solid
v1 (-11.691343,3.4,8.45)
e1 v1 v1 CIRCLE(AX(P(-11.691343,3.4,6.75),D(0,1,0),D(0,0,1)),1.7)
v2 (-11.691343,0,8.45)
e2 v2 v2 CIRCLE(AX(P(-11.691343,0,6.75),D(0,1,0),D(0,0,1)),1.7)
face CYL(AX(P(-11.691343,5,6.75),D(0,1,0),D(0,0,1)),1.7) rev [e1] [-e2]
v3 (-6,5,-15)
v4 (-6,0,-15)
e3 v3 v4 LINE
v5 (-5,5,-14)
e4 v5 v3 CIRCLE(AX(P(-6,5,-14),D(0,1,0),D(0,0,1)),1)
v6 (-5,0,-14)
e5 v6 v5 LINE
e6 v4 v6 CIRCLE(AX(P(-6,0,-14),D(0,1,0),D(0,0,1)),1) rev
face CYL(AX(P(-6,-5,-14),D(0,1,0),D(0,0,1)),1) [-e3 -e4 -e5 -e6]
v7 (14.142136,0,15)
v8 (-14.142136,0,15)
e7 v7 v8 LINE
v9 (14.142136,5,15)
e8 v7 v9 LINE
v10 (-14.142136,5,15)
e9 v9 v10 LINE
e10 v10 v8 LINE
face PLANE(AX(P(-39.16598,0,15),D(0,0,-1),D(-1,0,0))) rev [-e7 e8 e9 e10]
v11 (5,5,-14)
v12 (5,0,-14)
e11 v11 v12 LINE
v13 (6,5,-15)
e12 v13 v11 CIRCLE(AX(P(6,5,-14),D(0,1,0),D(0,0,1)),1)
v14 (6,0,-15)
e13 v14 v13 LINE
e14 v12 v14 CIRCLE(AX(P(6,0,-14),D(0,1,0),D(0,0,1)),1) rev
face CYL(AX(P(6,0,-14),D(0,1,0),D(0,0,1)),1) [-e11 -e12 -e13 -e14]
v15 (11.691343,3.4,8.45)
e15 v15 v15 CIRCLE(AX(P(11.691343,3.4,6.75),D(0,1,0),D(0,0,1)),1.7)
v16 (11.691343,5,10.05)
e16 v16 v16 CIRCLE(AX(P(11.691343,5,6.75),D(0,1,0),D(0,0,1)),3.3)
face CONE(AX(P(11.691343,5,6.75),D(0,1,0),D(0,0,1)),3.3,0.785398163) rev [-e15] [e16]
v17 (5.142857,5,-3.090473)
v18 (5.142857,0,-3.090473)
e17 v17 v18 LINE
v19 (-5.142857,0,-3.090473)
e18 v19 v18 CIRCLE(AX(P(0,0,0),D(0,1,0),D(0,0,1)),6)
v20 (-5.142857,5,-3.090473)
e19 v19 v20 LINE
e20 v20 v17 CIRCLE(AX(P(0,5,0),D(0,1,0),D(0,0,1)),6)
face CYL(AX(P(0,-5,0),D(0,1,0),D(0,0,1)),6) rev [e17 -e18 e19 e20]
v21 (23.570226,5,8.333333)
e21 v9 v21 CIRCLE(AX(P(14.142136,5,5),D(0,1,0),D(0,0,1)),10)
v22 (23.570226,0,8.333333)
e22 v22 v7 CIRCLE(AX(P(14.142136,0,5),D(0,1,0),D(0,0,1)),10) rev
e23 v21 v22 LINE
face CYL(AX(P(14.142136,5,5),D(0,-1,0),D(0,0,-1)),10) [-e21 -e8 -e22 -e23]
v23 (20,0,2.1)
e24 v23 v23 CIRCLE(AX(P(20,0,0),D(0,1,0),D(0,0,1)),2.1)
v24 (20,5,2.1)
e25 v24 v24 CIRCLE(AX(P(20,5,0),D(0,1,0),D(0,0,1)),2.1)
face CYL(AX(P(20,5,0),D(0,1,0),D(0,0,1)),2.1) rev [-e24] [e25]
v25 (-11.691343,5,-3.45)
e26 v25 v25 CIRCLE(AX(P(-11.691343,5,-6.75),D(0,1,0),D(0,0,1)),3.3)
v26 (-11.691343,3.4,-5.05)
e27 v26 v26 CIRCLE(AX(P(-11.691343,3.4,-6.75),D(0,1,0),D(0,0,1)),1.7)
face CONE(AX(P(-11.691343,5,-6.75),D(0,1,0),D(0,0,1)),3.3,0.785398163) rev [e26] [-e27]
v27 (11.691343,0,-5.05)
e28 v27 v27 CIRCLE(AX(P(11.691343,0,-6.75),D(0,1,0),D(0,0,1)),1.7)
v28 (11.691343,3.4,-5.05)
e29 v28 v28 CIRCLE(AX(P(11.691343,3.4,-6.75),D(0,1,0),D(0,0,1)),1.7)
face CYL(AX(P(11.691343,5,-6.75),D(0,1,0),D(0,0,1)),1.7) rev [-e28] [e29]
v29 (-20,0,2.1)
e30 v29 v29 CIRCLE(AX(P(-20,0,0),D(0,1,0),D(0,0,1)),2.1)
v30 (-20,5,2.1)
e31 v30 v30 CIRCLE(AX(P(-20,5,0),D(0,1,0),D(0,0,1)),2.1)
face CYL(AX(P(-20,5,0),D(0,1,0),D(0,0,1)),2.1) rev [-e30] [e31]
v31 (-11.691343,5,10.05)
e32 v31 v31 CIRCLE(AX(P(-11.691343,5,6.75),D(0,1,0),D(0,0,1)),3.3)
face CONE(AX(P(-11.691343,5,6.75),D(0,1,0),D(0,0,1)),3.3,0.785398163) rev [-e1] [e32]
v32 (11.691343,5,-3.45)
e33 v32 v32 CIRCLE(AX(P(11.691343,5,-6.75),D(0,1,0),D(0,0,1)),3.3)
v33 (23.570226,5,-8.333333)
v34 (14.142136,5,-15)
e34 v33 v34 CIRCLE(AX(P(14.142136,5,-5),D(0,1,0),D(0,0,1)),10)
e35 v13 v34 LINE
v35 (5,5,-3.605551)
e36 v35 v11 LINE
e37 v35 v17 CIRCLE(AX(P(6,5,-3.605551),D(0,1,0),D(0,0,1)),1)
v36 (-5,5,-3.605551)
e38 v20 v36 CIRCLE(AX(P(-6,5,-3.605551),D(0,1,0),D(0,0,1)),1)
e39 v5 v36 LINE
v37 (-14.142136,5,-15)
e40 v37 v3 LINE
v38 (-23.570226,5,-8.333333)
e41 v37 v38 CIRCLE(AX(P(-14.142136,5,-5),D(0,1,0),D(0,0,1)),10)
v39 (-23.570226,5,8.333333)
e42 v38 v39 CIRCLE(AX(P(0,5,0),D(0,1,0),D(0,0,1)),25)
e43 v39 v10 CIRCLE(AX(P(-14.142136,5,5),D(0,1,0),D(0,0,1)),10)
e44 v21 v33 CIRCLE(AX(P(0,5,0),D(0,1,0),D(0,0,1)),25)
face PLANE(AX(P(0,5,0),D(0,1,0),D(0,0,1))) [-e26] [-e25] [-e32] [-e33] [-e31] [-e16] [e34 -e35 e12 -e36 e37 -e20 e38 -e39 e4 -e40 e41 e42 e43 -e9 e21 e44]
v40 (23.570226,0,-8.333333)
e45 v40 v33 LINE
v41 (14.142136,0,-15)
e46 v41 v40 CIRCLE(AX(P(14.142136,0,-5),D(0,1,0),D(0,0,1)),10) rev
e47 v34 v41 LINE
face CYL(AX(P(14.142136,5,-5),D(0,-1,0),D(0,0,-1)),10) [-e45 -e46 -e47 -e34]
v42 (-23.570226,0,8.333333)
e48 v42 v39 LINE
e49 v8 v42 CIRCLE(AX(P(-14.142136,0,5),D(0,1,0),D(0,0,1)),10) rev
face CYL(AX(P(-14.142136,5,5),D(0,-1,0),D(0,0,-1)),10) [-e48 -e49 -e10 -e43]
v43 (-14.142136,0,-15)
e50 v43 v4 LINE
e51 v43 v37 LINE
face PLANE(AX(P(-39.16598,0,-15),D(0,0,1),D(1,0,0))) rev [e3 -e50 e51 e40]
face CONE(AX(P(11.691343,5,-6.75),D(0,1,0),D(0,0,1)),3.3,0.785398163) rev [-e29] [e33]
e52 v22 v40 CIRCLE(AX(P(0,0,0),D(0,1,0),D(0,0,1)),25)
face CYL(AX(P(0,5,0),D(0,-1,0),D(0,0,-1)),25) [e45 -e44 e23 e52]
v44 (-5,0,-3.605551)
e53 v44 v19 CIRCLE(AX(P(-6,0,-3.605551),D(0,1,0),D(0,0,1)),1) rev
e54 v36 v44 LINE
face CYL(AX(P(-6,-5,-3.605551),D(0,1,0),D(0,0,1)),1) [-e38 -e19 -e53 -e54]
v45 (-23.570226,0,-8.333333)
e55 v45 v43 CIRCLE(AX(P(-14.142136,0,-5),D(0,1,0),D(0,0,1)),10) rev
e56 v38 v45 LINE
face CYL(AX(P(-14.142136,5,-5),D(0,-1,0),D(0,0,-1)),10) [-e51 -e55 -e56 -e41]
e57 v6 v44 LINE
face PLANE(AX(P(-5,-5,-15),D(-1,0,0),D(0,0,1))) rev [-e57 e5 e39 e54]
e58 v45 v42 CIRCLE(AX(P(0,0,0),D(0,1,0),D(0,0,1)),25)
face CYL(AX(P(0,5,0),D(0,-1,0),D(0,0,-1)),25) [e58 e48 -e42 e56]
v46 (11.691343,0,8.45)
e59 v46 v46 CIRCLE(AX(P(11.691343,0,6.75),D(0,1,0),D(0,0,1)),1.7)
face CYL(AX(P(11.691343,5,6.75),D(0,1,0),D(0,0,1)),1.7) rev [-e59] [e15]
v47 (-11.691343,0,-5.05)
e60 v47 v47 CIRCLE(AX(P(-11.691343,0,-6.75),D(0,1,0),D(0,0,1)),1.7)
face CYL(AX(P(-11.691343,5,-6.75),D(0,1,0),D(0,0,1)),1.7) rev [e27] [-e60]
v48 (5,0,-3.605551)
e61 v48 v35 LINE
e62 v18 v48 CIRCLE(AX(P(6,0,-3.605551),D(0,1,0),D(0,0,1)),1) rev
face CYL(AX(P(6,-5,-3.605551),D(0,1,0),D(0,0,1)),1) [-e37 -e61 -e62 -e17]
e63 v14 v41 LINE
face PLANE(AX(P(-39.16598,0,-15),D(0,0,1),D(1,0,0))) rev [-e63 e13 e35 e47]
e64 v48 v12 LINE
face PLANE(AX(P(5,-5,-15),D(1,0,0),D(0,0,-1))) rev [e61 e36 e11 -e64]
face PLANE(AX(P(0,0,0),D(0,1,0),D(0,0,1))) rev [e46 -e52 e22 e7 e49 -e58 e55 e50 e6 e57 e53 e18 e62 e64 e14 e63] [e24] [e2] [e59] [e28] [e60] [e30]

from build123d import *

# Parameters (mm, degrees)
SKETCH_1_R                   = 25
EXTRUDE_1_DEPTH              = 5
SKETCH_2_R                   = 1
CUT_EXTRUDE_1_DEPTH          = 4
HOLE_WIZARD_M3_1_D           = 3.4
HOLE_WIZARD_M3_1_DEPTH       = 7.5
HOLE_WIZARD_M3_1_CSINK_D     = 6.6
HOLE_WIZARD_M3_1_CSINK_ANGLE = 90
HOLE_WIZARD_M3_1_TIP         = 1.021463052
SKETCH_4_R                   = 2
CUT_EXTRUDE_2_DEPTH          = 4
HOLE_WIZARD_M5_1_D           = 4.2
HOLE_WIZARD_M5_1_DEPTH       = 12.4
HOLE_WIZARD_M5_1_TIP         = 1.2618073
SKETCH_7_W                   = 78.33195998
SKETCH_7_H                   = 10
CUT_EXTRUDE_3_DEPTH          = 6
FILLET_1_R                   = 10
SKETCH_9_R                   = 6
CUT_EXTRUDE_5_DEPTH          = 10
SKETCH_10_W                  = 10
SKETCH_10_H                  = 11.68337521
CUT_EXTRUDE_6_DEPTH          = 10
FILLET_2_R                   = 1


with BuildPart() as part:
    # 草图1 → 凸台-拉伸1 (new body)
    with BuildSketch(Plane(origin=(0, 0, 0), x_dir=(1, 0, 0), z_dir=(0, 1, 0))):
        Circle(SKETCH_1_R)
    extrude(amount=EXTRUDE_1_DEPTH)

    # 草图2 → 切除-拉伸1 (cut)
    with BuildSketch(Plane(origin=(0, 5, 0), x_dir=(1, 0, 0), z_dir=(0, 1, 0))):
        with Locations((11.691342951, 6.75)):
            Circle(SKETCH_2_R)
        with Locations((11.691342951, -6.75)):
            Circle(SKETCH_2_R)
        with Locations((-11.691342951, -6.75)):
            Circle(SKETCH_2_R)
        with Locations((-11.691342951, 6.75)):
            Circle(SKETCH_2_R)
    extrude(amount=-CUT_EXTRUDE_1_DEPTH, mode=Mode.SUBTRACT)

    # M3 十字槽沉头木螺钉的锥形沉头孔1
    with Locations(Plane(origin=(11.691342951, 5, -6.75), x_dir=(0, 0, 1), z_dir=(0, 1, 0))):
        with Locations((0, 0), (13.5, 0), (13.5, -23.382685902), (0, -23.382685902)):
            CounterSinkHole(HOLE_WIZARD_M3_1_D / 2, HOLE_WIZARD_M3_1_CSINK_D / 2, depth=HOLE_WIZARD_M3_1_DEPTH, counter_sink_angle=HOLE_WIZARD_M3_1_CSINK_ANGLE)
            with Locations((0, 0, -(HOLE_WIZARD_M3_1_DEPTH + HOLE_WIZARD_M3_1_TIP / 2))):  # 118° drill point
                Cone(0, HOLE_WIZARD_M3_1_D / 2, HOLE_WIZARD_M3_1_TIP, mode=Mode.SUBTRACT)

    # 草图4 → 切除-拉伸2 (cut)
    with BuildSketch(Plane(origin=(0, 5, 0), x_dir=(1, 0, 0), z_dir=(0, 1, 0))):
        with Locations((-20, 0)):
            Circle(SKETCH_4_R)
        with Locations((20, 0)):
            Circle(SKETCH_4_R)
    extrude(amount=-CUT_EXTRUDE_2_DEPTH, mode=Mode.SUBTRACT)

    # M5 螺纹孔1
    with Locations(Plane(origin=(-20, 5, 0), x_dir=(0, 0, 1), z_dir=(0, 1, 0))):
        with Locations((0, 0), (0, 40)):
            Hole(HOLE_WIZARD_M5_1_D / 2, depth=HOLE_WIZARD_M5_1_DEPTH)
            with Locations((0, 0, -(HOLE_WIZARD_M5_1_DEPTH + HOLE_WIZARD_M5_1_TIP / 2))):  # 118° drill point
                Cone(0, HOLE_WIZARD_M5_1_D / 2, HOLE_WIZARD_M5_1_TIP, mode=Mode.SUBTRACT)

    # 草图7 → 切除-拉伸3 (cut, through all)
    with BuildSketch(Plane(origin=(0, 5, 0), x_dir=(1, 0, 0), z_dir=(0, 1, 0))):
        with Locations((0, 20)):
            Rectangle(SKETCH_7_W, SKETCH_7_H)
        with Locations((0, -20)):
            Rectangle(SKETCH_7_W, SKETCH_7_H)
    extrude(amount=-CUT_EXTRUDE_3_DEPTH, mode=Mode.SUBTRACT)

    # 圆角1
    fillet_1_edges = [part.edges().sort_by_distance(p)[0] for p in [
        (20, 2.5, 15),
        (-20, 2.5, 15),
        (-20, 2.5, -15),
        (20, 2.5, -15),
    ]]
    fillet(fillet_1_edges, radius=FILLET_1_R)

    # 草图9 → 切除-拉伸5 (cut)
    with BuildSketch(Plane(origin=(0, 5, 0), x_dir=(1, 0, 0), z_dir=(0, 1, 0))):
        Circle(SKETCH_9_R)
    extrude(amount=-CUT_EXTRUDE_5_DEPTH, mode=Mode.SUBTRACT)

    # 草图10 → 切除-拉伸6 (cut)
    with BuildSketch(Plane(origin=(0, 5, 0), x_dir=(1, 0, 0), z_dir=(0, 1, 0))):
        with Locations((0, 9.158312395)):
            Rectangle(SKETCH_10_W, SKETCH_10_H)
    extrude(amount=-CUT_EXTRUDE_6_DEPTH, mode=Mode.SUBTRACT)

    # 圆角2
    fillet_2_edges = [part.edges().sort_by_distance(p)[0] for p in [
        (-5, 2.5, -3.31662479),
        (5, 2.5, -3.31662479),
        (-5, 2.5, -15),
        (5, 2.5, -15),
    ]]
    fillet(fillet_2_edges, radius=FILLET_2_R)


solid = part.part
